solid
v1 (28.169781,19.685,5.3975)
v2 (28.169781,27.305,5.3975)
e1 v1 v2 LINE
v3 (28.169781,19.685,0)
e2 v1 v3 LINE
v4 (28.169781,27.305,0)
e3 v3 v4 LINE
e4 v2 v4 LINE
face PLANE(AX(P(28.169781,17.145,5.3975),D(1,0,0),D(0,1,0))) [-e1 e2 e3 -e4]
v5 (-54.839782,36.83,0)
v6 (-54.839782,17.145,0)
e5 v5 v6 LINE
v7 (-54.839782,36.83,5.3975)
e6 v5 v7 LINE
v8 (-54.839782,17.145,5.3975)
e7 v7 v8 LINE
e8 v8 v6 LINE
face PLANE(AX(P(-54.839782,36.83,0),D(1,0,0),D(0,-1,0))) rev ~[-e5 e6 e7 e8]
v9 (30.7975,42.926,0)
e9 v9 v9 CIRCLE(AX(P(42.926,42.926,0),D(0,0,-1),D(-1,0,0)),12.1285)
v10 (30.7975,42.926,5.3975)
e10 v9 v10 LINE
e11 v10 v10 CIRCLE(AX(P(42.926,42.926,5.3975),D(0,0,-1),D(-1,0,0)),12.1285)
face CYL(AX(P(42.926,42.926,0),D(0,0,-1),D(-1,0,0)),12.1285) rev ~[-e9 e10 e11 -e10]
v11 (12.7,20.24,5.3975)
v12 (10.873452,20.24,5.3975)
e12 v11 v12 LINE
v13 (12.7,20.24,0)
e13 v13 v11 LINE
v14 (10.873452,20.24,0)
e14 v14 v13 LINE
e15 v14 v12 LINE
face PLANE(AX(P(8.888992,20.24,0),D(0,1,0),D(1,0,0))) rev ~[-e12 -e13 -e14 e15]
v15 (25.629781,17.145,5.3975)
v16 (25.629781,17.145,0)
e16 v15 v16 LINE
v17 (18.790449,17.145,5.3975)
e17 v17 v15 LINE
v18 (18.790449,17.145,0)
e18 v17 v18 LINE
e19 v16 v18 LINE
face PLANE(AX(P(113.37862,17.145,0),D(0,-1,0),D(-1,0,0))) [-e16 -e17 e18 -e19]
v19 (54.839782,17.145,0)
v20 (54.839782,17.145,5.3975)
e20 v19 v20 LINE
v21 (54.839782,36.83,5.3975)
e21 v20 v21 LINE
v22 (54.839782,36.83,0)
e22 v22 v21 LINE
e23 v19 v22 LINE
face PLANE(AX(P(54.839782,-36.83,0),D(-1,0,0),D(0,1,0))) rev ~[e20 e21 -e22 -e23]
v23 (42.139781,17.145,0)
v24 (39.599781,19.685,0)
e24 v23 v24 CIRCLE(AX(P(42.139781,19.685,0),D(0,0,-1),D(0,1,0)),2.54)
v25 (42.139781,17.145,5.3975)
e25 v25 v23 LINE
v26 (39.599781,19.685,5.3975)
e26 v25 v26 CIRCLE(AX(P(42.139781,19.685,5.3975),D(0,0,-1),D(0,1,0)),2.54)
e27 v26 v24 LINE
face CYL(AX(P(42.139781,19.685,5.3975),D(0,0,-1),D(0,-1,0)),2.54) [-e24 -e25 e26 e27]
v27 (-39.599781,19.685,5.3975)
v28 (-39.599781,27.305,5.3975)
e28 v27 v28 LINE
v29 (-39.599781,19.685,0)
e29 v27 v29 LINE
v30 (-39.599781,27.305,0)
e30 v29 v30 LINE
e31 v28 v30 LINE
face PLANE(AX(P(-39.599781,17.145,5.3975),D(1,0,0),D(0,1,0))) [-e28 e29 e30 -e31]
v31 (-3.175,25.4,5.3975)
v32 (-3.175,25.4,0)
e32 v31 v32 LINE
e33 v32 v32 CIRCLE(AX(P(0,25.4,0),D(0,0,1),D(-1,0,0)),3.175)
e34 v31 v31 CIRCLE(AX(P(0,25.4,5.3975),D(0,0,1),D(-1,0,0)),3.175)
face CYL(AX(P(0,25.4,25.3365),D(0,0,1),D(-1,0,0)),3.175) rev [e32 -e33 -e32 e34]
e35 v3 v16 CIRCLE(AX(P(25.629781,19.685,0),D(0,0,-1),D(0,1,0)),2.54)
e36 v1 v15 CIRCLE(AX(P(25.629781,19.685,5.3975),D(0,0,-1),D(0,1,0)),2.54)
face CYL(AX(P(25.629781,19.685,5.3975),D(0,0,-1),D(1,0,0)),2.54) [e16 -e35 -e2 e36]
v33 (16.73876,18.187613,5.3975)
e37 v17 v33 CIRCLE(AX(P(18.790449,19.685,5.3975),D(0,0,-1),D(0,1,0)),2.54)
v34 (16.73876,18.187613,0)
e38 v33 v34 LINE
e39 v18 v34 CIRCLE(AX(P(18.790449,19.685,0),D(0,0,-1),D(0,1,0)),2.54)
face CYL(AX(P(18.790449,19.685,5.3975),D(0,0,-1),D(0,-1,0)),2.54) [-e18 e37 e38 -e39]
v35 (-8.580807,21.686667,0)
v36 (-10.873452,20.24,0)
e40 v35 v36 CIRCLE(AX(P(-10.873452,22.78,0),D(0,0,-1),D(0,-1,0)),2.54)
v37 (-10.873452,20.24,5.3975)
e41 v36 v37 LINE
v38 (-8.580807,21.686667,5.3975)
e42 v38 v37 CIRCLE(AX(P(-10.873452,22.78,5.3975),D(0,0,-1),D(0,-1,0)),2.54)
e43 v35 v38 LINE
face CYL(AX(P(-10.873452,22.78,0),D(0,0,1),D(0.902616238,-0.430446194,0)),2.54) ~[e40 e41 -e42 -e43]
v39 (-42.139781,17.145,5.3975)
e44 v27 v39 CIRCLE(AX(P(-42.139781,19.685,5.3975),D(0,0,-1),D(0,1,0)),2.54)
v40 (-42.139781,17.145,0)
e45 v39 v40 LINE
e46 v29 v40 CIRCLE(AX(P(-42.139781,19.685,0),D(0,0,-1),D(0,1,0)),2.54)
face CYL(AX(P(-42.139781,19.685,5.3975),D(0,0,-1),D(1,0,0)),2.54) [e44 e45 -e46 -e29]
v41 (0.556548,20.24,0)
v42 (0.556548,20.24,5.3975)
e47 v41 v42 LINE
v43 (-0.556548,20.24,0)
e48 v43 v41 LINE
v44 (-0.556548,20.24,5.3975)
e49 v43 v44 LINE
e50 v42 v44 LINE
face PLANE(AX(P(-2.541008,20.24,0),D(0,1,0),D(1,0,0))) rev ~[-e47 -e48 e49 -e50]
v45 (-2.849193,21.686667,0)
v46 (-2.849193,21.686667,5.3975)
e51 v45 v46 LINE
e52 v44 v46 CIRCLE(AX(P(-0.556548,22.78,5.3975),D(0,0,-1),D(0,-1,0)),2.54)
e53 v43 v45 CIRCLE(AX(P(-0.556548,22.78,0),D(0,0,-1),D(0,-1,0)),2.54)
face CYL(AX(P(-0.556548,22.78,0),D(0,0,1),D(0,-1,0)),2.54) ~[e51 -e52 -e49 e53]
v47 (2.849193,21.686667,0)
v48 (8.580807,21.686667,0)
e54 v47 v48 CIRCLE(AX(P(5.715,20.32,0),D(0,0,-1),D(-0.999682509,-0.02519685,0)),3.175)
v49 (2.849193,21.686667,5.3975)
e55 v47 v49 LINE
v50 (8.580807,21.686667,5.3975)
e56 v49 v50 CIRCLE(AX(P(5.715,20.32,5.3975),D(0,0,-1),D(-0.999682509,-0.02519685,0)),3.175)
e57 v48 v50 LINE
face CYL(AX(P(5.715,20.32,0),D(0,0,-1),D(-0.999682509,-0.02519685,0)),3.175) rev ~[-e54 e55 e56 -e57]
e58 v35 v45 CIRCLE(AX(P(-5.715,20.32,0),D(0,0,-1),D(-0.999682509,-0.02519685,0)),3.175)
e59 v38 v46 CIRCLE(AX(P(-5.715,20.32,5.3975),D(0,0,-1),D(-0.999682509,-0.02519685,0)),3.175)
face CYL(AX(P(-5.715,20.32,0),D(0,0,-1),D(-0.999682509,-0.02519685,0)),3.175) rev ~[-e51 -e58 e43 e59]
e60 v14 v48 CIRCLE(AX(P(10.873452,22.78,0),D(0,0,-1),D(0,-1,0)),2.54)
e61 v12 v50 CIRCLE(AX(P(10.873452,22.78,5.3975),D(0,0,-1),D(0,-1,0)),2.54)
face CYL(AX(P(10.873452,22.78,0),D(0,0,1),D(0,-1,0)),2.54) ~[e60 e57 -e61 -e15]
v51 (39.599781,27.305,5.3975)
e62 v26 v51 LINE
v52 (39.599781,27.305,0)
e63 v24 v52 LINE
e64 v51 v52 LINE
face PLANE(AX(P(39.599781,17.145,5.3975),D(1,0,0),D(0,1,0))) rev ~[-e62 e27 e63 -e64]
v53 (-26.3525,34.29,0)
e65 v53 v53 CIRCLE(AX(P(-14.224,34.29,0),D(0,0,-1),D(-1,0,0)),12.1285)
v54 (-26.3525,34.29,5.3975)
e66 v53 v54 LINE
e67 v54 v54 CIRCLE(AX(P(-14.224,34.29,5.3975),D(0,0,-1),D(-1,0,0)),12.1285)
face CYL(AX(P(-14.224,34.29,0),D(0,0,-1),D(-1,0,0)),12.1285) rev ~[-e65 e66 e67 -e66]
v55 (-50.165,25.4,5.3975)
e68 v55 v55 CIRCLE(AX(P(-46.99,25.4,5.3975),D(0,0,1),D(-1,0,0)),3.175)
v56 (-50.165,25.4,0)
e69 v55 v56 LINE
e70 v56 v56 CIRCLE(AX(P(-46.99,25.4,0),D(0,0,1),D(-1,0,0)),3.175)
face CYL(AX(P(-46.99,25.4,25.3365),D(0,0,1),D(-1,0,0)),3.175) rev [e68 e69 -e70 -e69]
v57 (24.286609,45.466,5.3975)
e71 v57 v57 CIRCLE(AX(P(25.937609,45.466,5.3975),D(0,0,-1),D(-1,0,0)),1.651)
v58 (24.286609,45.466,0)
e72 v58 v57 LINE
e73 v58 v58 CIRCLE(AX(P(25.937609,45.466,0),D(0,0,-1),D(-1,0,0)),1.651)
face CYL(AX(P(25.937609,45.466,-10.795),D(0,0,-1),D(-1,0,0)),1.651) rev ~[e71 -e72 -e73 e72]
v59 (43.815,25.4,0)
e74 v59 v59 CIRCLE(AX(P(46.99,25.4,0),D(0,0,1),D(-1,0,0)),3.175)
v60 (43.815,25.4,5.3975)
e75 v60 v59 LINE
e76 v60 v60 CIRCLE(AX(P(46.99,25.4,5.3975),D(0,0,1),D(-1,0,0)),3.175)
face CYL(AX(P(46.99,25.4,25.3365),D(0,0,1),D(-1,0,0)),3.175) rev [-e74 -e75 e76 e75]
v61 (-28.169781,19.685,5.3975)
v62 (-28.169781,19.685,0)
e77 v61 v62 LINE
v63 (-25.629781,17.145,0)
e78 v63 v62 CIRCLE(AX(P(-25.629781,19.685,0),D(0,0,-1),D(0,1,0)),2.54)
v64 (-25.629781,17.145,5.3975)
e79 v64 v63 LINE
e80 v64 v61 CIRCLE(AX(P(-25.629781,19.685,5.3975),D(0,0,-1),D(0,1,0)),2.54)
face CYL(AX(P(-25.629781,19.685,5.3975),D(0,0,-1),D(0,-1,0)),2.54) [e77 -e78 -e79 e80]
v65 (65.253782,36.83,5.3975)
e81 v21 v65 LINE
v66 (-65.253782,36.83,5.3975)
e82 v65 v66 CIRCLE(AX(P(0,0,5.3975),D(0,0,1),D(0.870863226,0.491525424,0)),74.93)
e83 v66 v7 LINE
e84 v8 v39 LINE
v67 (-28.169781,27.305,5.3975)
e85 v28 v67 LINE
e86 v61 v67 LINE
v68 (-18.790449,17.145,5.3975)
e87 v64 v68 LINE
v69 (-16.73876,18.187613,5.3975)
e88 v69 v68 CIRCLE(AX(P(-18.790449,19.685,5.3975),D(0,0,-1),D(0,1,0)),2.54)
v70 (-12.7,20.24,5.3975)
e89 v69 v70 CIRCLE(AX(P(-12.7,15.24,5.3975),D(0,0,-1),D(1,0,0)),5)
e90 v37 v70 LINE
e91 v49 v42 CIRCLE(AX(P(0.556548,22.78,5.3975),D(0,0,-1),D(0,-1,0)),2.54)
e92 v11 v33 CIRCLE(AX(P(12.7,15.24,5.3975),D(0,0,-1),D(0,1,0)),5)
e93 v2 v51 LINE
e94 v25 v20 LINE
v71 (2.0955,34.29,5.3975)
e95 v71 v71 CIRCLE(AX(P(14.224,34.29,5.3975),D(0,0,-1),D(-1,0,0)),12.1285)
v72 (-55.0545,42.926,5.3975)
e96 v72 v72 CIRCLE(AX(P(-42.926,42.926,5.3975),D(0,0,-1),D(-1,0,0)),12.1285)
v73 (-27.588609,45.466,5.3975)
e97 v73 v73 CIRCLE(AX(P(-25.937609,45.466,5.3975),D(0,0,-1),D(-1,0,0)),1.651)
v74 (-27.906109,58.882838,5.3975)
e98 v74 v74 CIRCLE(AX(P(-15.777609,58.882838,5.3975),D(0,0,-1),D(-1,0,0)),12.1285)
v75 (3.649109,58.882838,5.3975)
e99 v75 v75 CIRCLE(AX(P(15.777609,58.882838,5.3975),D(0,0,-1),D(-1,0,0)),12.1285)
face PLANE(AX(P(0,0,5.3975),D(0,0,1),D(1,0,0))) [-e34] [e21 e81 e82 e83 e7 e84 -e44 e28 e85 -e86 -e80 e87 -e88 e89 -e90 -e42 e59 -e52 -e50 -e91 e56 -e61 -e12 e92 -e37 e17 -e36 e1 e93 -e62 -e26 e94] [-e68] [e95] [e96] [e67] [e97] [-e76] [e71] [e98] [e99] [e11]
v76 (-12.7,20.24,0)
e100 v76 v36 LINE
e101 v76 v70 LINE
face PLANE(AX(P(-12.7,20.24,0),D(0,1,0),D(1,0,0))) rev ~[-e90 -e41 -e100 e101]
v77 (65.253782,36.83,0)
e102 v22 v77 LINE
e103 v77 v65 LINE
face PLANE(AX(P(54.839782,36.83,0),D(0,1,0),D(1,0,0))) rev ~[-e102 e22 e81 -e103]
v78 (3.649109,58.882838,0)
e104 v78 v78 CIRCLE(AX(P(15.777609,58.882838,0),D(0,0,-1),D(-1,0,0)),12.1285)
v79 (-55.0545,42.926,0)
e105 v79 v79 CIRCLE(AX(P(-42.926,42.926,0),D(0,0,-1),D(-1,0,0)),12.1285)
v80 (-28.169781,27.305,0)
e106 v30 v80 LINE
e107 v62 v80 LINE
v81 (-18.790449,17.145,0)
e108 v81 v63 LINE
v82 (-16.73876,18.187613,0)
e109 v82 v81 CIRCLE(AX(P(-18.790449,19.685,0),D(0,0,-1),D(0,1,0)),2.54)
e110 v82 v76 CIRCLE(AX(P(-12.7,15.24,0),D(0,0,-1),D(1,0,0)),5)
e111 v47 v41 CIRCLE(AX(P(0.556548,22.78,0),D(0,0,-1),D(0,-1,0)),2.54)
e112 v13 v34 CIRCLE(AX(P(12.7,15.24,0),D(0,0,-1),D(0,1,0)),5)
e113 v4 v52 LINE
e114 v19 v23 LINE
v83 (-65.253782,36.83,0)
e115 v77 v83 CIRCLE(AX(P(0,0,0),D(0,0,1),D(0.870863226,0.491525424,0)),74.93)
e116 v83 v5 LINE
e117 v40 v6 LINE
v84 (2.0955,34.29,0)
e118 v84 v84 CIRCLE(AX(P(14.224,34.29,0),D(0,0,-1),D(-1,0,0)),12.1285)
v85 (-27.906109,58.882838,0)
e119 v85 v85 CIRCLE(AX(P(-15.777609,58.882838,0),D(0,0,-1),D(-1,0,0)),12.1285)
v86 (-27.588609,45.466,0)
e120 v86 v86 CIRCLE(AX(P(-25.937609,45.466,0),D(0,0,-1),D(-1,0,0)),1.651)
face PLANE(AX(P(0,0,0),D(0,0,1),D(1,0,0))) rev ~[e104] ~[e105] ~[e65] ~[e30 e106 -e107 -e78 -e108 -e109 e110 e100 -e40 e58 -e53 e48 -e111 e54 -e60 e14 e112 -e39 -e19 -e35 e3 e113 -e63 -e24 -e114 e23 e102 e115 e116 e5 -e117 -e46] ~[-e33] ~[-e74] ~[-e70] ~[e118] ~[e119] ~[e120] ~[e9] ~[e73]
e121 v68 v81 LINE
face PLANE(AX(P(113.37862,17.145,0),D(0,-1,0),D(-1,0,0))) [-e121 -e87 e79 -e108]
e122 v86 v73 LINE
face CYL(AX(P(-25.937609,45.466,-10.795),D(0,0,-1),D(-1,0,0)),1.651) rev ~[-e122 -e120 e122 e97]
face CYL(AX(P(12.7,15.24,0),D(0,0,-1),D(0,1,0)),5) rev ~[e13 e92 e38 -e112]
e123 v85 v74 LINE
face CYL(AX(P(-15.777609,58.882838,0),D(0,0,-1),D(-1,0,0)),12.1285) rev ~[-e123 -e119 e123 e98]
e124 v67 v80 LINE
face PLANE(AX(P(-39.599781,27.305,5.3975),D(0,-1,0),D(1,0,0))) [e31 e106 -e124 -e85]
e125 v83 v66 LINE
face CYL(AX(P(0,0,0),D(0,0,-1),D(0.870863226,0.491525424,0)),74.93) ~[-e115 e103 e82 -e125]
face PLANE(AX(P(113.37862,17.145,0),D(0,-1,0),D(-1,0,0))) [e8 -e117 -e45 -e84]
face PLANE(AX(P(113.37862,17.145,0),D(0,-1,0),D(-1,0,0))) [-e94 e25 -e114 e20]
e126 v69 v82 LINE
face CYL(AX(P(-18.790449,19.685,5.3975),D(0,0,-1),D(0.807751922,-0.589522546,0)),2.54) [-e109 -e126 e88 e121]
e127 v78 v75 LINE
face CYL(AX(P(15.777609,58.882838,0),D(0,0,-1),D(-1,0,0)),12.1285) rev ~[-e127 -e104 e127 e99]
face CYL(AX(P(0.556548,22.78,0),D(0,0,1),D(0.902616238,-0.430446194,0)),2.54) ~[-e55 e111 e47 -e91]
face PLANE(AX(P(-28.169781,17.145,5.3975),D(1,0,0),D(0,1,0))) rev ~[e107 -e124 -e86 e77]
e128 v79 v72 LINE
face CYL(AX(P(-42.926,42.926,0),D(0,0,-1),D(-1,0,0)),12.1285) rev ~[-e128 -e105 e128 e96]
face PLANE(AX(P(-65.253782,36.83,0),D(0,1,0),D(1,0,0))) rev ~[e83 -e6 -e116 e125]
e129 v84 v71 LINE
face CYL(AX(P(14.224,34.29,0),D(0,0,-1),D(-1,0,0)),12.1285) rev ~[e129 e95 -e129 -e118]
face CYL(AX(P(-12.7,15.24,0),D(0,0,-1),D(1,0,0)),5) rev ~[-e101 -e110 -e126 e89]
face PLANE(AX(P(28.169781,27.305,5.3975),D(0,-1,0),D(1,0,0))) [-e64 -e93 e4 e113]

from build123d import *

# Parameters (mm, degrees)
SKETCH1_R                 = 1.651
BOSS_EXTRUDE2_DEPTH       = 5.3975
SKETCH2_R                 = 1.143
CUT_EXTRUDE1_DEPTH        = 6.3975
SKETCH3_R                 = 12.1285
CUT_EXTRUDE2_DEPTH        = 6.3975
SKETCH4_W                 = 28.562713242
SKETCH4_H                 = 11.677503754
BOSS_EXTRUDE3_DEPTH       = 5.3975
SKETCH5_W                 = 230.699333954
SKETCH5_H                 = 107.587024537
CUT_EXTRUDE3_DEPTH        = 6.3975
SKETCH6_R                 = 12.1285
CUT_EXTRUDE4_DEPTH        = 6.3975
SKETCH162_W               = 11.43
SKETCH162_H               = 10.16
CUT_EXTRUDE159_DEPTH      = 6.3975
SKETCH218_R               = 1.651
CUT_EXTRUDE215_DEPTH      = 97.79
SKETCH272_R               = 3.175
CUT_EXTRUDE269_DEPTH      = 103.378
CUT_EXTRUDE269_DEPTH_BACK = 48.768
CUT_EXTRUDE162_DEPTH      = 30.48
FILLET1_R                 = 2.54


with BuildPart() as part:
    # Sketch1 → Boss-Extrude2 (new body)
    with BuildSketch(Plane.XY):
        with BuildLine():
            Line((-65.2537815, 36.83), (-54.8397815, 36.83))
            Line((-54.8397815, 36.83), (-54.8397815, -36.83))
            Line((-54.8397815, -36.83), (-65.2537815, -36.83))
            ThreePointArc((-65.2537815, -36.83), (0, -74.93), (65.2537815, -36.83))
            Line((65.2537815, -36.83), (54.8397815, -36.83))
            Line((54.8397815, -36.83), (54.8397815, 36.83))
            Line((54.8397815, 36.83), (65.2537815, 36.83))
            ThreePointArc((65.2537815, 36.83), (0, 74.93), (-65.2537815, 36.83))
        make_face()
        with Locations((-45.466, 11.049)):
            Circle(SKETCH1_R, mode=Mode.SUBTRACT)
        with Locations((-20.067270032, 10.795)):
            Circle(SKETCH1_R, mode=Mode.SUBTRACT)
        with Locations((-20.067270032, -10.795)):
            Circle(SKETCH1_R, mode=Mode.SUBTRACT)
        with Locations((-45.466, -11.049)):
            Circle(SKETCH1_R, mode=Mode.SUBTRACT)
        with Locations((45.466, -11.049)):
            Circle(SKETCH1_R, mode=Mode.SUBTRACT)
        with Locations((20.067270032, -10.795)):
            Circle(SKETCH1_R, mode=Mode.SUBTRACT)
        with Locations((20.067270032, 10.795)):
            Circle(SKETCH1_R, mode=Mode.SUBTRACT)
        with Locations((45.466, 11.049)):
            Circle(SKETCH1_R, mode=Mode.SUBTRACT)
    extrude(amount=BOSS_EXTRUDE2_DEPTH)

    # Sketch2 → Cut-Extrude1 (cut, through all)
    with BuildSketch(Plane.XY.offset(5.3975)):
        with Locations((-6.731, 62.23)):
            Circle(SKETCH2_R)
        with Locations((6.731, 62.23)):
            Circle(SKETCH2_R)
    extrude(amount=-CUT_EXTRUDE1_DEPTH, mode=Mode.SUBTRACT)

    # Sketch3 → Cut-Extrude2 (cut, through all)
    with BuildSketch(Plane(origin=(0, 0, 0), x_dir=(-1, 0, 0), z_dir=(0, 0, -1))):
        with Locations((-14.224, -56.725087043)):
            Circle(SKETCH3_R)
        with Locations((14.224, -56.725087043)):
            Circle(SKETCH3_R)
        with Locations((-42.926, -42.926)):
            Circle(SKETCH3_R)
        with Locations((14.224, 34.29)):
            Circle(SKETCH3_R)
        with Locations((-14.224, 34.29)):
            Circle(SKETCH3_R)
        with Locations((-42.926, 42.926)):
            Circle(SKETCH3_R)
        with Locations((42.926, 42.926)):
            Circle(SKETCH3_R)
        with Locations((42.926, -42.926)):
            Circle(SKETCH3_R)
    extrude(amount=-CUT_EXTRUDE2_DEPTH, mode=Mode.SUBTRACT)

    # Sketch4 → Boss-Extrude3 (add)
    with BuildSketch(Plane(origin=(0, 0, 0), x_dir=(-1, 0, 0), z_dir=(0, 0, -1))):
        with Locations((-1.488809975, 62.152540216)):
            Rectangle(SKETCH4_W, SKETCH4_H)
    extrude(amount=-BOSS_EXTRUDE3_DEPTH)

    # Sketch5 → Cut-Extrude3 (cut, through all)
    with BuildSketch(Plane(origin=(0, 0, 0), x_dir=(-1, 0, 0), z_dir=(0, 0, -1))):
        with Locations((1.971047261, -36.648512269)):
            Rectangle(SKETCH5_W, SKETCH5_H)
    extrude(amount=-CUT_EXTRUDE3_DEPTH, mode=Mode.SUBTRACT)

    # Sketch6 → Cut-Extrude4 (cut, through all)
    with BuildSketch(Plane(origin=(0, 0, 0), x_dir=(-1, 0, 0), z_dir=(0, 0, -1))):
        with Locations((-15.777608989, 58.882838371)):
            Circle(SKETCH6_R)
        with Locations((15.777608989, 58.882838371)):
            Circle(SKETCH6_R)
    extrude(amount=-CUT_EXTRUDE4_DEPTH, mode=Mode.SUBTRACT)

    # Sketch162 → Cut-Extrude159 (cut, through all)
    with BuildSketch(Plane.XY.offset(5.3975)):
        with Locations((33.8847815, 22.225)):
            Rectangle(SKETCH162_W, SKETCH162_H)
        with Locations((-33.8847815, 22.225)):
            Rectangle(SKETCH162_W, SKETCH162_H)
    extrude(amount=-CUT_EXTRUDE159_DEPTH, mode=Mode.SUBTRACT)

    # Sketch218 → Cut-Extrude215 (cut)
    with BuildSketch(Plane(origin=(30.092005081, 4.08352975, -10.795), x_dir=(-1, 0, 0), z_dir=(0, 0, -1))):
        with Locations((4.154396091, 41.38247025)):
            Circle(SKETCH218_R)
        with Locations((56.02961407, 41.38247025)):
            Circle(SKETCH218_R)
    extrude(amount=-CUT_EXTRUDE215_DEPTH, mode=Mode.SUBTRACT)

    # Sketch272 → Cut-Extrude269 (cut, two sides)
    with BuildSketch(Plane(origin=(30.092005081, 4.08352975, 25.3365), x_dir=(-1, 0, 0), z_dir=(0, 0, -1))) as cut_extrude269_sk:
        with Locations((-16.897994919, 21.31647025)):
            Circle(SKETCH272_R)
        with Locations((77.082005081, 21.31647025)):
            Circle(SKETCH272_R)
        with Locations((30.092005081, 21.31647025)):
            Circle(SKETCH272_R)
    extrude(amount=CUT_EXTRUDE269_DEPTH, mode=Mode.SUBTRACT)
    extrude(cut_extrude269_sk.sketch, amount=-CUT_EXTRUDE269_DEPTH_BACK, mode=Mode.SUBTRACT)

    # Sketch165 → Cut-Extrude162 (cut)
    with BuildSketch(Plane(origin=(0, 0, 0), x_dir=(-1, 0, 0), z_dir=(0, 0, -1))):
        with BuildLine():
            Line((12.7, 20.24), (8.888991966, 20.24))
            ThreePointArc((8.888991966, 20.24), (5.715, 23.495), (2.541008034, 20.24))
            Line((2.541008034, 20.24), (-2.541008034, 20.24))
            ThreePointArc((-2.541008034, 20.24), (-5.715, 23.495), (-8.888991966, 20.24))
            Line((-8.888991966, 20.24), (-12.7, 20.24))
            ThreePointArc((-12.7, 20.24), (-16.235533906, 11.704466094), (-7.7, 15.24))
            Line((-7.7, 15.24), (7.7, 15.24))
            ThreePointArc((7.7, 15.24), (16.235533906, 11.704466094), (12.7, 20.24))
        make_face()
    extrude(amount=-CUT_EXTRUDE162_DEPTH, mode=Mode.SUBTRACT)

    # Fillet1
    fillet1_edges = [part.edges().sort_by_distance(p)[0] for p in [
        (39.5997815, 17.145, 2.69875),
        (28.1697815, 17.145, 2.69875),
        (-28.1697815, 17.145, 2.69875),
        (-39.5997815, 17.145, 2.69875),
        (-17.322875188, 17.145, 2.69875),
        (17.322875188, 17.145, 2.69875),
        (8.888991966, 20.24, 2.69875),
        (2.541008034, 20.24, 2.69875),
        (-2.541008034, 20.24, 2.69875),
        (-8.888991966, 20.24, 2.69875),
    ]]
    fillet(fillet1_edges, radius=FILLET1_R)


solid = part.part
